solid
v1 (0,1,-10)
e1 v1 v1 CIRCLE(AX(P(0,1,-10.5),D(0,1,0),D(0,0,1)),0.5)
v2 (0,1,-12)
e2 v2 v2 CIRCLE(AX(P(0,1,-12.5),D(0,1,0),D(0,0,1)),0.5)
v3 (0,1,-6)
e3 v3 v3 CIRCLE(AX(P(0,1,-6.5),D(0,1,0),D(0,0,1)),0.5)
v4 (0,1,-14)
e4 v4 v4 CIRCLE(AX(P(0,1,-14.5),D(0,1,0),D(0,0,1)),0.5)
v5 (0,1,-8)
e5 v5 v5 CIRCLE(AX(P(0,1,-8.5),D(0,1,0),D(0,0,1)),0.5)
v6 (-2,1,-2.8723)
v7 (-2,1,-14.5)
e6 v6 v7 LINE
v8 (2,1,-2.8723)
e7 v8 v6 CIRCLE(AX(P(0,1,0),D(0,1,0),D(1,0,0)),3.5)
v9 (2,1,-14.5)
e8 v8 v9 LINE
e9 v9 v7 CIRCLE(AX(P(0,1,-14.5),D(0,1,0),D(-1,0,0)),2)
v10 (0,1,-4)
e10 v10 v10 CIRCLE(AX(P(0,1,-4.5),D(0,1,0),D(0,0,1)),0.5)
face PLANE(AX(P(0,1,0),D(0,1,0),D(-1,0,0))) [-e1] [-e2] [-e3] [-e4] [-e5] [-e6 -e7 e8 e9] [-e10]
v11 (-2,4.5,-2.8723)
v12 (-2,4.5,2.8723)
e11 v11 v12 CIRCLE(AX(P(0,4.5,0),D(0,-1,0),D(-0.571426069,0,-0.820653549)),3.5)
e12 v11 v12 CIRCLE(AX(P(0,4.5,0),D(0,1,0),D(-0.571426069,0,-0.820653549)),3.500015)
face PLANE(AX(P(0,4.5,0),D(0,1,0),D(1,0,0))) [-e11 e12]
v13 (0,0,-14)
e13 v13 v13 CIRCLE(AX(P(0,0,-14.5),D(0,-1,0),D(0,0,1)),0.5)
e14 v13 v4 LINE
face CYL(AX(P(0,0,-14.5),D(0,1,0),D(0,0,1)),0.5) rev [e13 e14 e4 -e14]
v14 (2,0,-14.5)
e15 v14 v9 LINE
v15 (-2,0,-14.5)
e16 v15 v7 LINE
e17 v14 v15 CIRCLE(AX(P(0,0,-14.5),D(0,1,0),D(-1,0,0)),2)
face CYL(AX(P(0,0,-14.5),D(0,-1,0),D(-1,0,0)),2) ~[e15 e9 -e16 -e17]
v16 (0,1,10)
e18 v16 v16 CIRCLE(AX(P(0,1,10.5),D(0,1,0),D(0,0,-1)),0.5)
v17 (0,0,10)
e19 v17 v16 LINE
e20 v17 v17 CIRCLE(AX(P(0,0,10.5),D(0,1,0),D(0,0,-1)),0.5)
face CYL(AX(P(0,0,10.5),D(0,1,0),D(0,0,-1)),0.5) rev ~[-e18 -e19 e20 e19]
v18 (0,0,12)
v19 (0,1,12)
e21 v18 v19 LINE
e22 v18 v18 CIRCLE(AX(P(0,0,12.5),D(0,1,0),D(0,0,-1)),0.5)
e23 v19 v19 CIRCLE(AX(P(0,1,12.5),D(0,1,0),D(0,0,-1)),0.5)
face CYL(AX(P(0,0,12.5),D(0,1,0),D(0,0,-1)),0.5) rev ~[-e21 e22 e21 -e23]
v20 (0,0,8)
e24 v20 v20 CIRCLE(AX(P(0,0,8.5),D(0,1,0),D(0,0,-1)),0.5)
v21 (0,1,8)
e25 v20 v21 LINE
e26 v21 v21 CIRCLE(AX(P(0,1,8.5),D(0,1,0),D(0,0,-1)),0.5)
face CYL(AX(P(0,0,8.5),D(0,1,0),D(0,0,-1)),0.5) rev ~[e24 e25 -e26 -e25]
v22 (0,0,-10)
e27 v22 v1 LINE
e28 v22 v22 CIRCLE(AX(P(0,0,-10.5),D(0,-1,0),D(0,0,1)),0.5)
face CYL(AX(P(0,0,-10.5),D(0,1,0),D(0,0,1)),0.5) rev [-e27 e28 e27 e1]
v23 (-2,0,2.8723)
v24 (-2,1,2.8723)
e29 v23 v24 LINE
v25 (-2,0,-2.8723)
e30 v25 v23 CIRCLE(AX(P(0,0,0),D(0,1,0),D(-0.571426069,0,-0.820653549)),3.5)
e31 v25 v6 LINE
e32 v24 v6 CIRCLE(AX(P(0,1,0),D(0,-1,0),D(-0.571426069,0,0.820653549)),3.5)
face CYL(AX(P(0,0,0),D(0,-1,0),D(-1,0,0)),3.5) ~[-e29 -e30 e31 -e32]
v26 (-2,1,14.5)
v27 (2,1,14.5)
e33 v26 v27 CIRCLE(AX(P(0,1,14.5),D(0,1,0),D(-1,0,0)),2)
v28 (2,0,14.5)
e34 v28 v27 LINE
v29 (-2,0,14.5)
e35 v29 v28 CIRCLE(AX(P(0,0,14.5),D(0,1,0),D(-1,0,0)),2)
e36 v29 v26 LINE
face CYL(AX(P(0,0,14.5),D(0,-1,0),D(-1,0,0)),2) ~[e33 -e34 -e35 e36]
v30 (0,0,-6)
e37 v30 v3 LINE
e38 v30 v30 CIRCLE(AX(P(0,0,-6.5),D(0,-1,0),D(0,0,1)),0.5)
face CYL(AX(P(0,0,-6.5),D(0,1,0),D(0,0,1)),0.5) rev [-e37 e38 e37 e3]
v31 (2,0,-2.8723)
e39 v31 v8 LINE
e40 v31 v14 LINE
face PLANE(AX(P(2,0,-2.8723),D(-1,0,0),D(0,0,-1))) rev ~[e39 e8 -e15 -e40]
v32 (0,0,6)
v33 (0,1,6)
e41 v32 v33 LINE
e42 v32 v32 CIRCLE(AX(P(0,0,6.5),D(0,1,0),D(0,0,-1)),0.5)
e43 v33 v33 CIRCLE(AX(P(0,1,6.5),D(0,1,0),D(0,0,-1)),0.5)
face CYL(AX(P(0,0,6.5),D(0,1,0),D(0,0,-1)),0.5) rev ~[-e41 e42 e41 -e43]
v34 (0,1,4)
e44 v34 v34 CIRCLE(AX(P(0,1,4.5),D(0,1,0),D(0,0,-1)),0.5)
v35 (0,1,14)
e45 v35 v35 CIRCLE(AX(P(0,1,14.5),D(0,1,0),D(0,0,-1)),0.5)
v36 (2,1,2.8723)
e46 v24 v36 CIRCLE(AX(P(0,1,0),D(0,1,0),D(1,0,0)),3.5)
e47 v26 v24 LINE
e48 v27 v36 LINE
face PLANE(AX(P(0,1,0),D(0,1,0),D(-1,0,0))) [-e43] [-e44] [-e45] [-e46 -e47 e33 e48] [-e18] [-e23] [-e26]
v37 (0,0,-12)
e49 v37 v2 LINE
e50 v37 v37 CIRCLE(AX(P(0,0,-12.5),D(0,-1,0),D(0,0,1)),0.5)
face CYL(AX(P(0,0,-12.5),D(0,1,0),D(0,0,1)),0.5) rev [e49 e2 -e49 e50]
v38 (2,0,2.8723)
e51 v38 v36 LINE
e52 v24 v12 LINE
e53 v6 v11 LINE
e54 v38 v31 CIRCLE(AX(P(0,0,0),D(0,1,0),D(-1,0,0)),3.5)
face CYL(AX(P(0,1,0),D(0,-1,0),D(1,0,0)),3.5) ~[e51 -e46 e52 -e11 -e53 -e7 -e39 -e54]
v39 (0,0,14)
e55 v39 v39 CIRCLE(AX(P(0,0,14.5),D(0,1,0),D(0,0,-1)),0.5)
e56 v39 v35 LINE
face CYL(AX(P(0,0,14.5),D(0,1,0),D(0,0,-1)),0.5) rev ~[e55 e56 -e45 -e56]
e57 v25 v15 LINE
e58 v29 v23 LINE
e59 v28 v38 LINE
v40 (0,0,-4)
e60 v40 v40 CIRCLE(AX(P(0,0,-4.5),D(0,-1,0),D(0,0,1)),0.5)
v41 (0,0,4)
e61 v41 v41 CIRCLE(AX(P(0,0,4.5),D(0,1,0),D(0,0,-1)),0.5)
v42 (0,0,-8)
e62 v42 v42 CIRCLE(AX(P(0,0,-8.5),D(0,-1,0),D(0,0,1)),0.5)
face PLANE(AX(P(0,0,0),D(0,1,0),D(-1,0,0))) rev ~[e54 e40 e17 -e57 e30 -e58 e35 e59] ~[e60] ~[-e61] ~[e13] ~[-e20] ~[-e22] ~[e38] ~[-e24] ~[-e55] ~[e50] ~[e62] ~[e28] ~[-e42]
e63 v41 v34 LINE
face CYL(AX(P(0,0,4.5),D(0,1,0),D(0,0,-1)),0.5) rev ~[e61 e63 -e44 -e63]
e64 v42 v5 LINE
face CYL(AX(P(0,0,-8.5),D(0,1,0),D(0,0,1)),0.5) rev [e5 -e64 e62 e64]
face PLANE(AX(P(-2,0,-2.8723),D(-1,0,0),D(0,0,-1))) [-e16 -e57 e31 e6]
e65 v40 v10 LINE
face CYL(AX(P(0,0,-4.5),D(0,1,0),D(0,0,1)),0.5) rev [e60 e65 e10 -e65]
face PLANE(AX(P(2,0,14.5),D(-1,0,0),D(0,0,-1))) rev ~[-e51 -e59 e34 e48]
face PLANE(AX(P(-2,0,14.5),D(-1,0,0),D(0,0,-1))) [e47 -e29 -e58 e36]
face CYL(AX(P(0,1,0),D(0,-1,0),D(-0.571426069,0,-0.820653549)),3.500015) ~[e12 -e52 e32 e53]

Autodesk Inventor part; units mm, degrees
ref_plane "YZ Plane" through (0, 0, 0) normal (1, 0, 0) x (0, 1, 0)
ref_plane "XZ Plane" through (0, 0, 0) normal (0, 1, 0) x (-1, 0, 0)
ref_plane "XY Plane" through (0, 0, 0) normal (0, 0, 1) x (1, 0, 0)
sketch "スケッチ1" plane through (0, 0, 0) normal (0, 1, 0) x (-1, 0, 0)
  circle A0 centre (0, 0) radius 3.5
  circle A1 centre (0, 14.5) radius 2
  circle A2 centre (0, -14.5) radius 2
  line L0 (2, 14.5) -> (2, 2.8723)
  line L1 (-2, 14.5) -> (-2, 2.8723)
  line L2 (-2, -2.8723) -> (-2, -14.5)
  line L3 (2, -2.8723) -> (2, -14.5)
  dimension "d0" = 7
  dimension "d2" = 4
  dimension "d3" = 14.5
  dimension "d4" = 14.5
extrude "押し出し1" add sketch "スケッチ1" along normal blind 1
sketch "スケッチ2" plane through (0, 1, 0) normal (0, 1, 0) x (1, 0, 0)
  arc A0 (-2, 2.8723) -> (-2, -2.8723) centre (0, 0) ccw projected
  circle A1 centre (0, 0) radius 3.5 projected
extrude "押し出し2" add sketch "スケッチ2" along normal blind 3.5
sketch "スケッチ3" plane through (0, 0, 0) normal (0, -1, 0) x (1, 0, 0)
  arc A0 (2, 14.5) -> (-2, 14.5) centre (0, 14.5) ccw projected
  point P0 (0, 12.5)
  point P1 (0, 10.5)
  point P2 (0, 8.5)
  point P3 (0, 6.5)
  point P4 (0, 4.5)
  dimension "d9" = 2
  dimension "d18" = 2
  dimension "d19" = 2
  dimension "d20" = 2
  dimension "d21" = 2
hole "穴1" at (0, 0, 14.5) at (0, 0, 12.5) at (0, 0, 10.5) at (0, 0, 8.5) at (0, 0, 6.5) at (0, 0, 4.5) direction (0, 1, 0) diameter 1 end through all
mirror "ミラー1" about plane through (0, 0, 0) normal (0, 0, 1) of "穴1"
equation "\"d4\" = d3"
equation "\"d18\" = d9"
equation "\"d19\" = d9"
equation "\"d20\" = d9"
equation "\"d21\" = d9"
properties part number "horn_10g"
